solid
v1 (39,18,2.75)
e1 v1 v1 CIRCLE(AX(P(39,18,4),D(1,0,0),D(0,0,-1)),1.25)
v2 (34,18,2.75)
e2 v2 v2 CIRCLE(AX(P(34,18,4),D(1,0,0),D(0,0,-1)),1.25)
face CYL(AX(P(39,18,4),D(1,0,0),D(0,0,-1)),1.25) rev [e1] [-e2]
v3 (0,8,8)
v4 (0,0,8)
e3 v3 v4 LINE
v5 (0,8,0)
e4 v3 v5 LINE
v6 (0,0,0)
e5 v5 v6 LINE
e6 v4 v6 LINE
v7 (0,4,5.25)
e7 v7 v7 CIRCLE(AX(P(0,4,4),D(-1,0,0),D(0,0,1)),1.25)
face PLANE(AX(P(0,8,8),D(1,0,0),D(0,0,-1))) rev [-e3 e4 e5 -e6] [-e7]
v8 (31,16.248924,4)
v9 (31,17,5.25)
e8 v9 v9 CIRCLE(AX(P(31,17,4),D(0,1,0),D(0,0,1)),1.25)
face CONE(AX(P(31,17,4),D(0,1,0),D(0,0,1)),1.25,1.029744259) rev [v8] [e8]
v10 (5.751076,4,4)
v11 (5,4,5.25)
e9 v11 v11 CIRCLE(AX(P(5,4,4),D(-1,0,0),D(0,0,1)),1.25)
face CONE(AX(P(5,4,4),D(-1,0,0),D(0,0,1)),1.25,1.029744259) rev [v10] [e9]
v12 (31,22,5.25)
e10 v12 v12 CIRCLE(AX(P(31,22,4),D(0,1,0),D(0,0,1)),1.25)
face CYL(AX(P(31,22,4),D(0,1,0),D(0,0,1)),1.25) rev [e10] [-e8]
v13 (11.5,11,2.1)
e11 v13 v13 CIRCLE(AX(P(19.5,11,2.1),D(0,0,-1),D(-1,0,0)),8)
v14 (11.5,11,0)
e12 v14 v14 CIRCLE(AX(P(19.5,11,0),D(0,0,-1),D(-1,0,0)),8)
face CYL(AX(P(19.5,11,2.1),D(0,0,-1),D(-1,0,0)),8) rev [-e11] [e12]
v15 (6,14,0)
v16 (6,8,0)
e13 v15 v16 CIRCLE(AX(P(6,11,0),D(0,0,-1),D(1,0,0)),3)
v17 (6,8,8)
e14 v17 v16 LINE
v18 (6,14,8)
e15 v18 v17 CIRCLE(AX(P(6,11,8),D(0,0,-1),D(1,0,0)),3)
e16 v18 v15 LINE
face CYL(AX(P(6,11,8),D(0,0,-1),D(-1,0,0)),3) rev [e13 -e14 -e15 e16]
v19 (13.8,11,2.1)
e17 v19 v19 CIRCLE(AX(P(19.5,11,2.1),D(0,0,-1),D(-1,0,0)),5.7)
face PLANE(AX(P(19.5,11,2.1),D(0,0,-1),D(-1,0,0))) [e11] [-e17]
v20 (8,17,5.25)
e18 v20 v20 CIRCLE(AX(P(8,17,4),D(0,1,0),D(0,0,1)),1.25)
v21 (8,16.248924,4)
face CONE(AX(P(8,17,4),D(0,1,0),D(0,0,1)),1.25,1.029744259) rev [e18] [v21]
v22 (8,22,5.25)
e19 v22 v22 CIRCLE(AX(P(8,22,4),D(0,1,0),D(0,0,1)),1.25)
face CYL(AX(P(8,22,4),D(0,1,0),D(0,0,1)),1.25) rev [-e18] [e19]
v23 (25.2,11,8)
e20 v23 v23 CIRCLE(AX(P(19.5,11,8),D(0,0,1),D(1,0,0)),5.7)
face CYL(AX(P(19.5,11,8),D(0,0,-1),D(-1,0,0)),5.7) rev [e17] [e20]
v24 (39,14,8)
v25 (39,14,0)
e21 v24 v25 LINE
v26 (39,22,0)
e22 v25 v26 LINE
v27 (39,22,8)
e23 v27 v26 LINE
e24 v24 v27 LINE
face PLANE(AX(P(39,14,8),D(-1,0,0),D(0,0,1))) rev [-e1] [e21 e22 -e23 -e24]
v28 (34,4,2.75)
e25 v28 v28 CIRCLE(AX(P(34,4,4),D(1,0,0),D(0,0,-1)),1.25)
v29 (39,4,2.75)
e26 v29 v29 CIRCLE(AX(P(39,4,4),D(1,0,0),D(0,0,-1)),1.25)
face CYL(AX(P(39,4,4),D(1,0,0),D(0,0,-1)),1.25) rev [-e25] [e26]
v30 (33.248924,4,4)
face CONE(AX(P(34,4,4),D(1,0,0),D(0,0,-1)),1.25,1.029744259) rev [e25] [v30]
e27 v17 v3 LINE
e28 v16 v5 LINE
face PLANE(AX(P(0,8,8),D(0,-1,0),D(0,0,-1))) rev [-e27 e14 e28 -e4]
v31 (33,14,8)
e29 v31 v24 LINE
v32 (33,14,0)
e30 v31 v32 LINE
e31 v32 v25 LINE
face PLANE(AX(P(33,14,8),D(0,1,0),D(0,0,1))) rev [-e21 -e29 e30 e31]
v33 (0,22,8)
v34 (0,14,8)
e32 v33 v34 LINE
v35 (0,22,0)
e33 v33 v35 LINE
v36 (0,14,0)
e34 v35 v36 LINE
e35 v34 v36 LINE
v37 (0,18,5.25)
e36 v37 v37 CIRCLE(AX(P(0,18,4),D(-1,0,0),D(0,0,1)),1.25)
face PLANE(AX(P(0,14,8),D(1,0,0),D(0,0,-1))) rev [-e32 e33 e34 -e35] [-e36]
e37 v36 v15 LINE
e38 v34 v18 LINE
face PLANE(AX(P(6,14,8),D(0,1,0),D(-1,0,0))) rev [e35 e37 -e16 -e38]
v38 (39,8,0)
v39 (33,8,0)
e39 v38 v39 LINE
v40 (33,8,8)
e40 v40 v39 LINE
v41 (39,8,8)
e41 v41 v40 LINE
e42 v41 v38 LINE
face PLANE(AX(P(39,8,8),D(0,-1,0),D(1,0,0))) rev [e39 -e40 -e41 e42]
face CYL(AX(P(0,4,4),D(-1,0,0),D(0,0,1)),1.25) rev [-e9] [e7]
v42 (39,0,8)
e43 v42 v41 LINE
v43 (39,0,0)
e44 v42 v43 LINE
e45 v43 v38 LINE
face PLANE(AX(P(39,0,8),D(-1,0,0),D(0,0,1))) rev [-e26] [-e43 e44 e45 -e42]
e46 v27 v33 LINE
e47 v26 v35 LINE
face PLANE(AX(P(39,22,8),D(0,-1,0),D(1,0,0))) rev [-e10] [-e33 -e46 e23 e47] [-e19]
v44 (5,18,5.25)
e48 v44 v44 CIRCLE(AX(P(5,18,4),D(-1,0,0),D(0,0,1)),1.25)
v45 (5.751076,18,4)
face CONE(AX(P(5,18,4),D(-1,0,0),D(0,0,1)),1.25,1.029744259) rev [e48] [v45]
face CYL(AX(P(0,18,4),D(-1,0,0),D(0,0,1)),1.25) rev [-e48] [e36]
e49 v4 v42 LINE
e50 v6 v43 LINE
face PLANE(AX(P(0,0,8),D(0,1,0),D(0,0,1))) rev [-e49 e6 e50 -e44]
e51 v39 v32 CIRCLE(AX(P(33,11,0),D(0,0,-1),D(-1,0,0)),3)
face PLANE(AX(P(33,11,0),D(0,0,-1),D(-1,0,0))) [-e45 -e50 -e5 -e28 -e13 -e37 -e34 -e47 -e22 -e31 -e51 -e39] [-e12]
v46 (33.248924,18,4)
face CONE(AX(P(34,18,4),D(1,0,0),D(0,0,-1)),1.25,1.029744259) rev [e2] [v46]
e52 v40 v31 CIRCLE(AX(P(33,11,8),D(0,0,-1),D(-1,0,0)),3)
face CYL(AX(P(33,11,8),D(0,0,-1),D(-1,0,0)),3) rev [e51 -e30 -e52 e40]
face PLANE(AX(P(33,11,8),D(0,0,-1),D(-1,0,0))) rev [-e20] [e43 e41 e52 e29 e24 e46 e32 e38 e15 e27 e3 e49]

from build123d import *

# Parameters (mm, degrees)
SKETCH1_R                       = 5.7
BOSS_EXTRUDE1_DEPTH             = 8
TAP_DRILL_FOR_M3X0_5_TAP1_D     = 2.5
TAP_DRILL_FOR_M3X0_5_TAP1_DEPTH = 5
TAP_DRILL_FOR_M3X0_5_TAP1_TIP   = 0.751075774
TAP_DRILL_FOR_M3X0_5_TAP2_D     = 2.5
TAP_DRILL_FOR_M3X0_5_TAP2_DEPTH = 5
TAP_DRILL_FOR_M3X0_5_TAP2_TIP   = 0.751075774
TAP_DRILL_FOR_M3X0_5_TAP3_D     = 2.5
TAP_DRILL_FOR_M3X0_5_TAP3_DEPTH = 5
TAP_DRILL_FOR_M3X0_5_TAP3_TIP   = 0.751075774
SKETCH8_R                       = 8
CUT_EXTRUDE1_DEPTH              = 2.1


with BuildPart() as part:
    # Sketch1 → Boss-Extrude1 (new body)
    with BuildSketch(Plane.XY):
        with BuildLine():
            Line((0, 0), (39, 0))
            Line((39, 0), (39, 8))
            Line((39, 8), (33, 8))
            ThreePointArc((33, 8), (30, 11), (33, 14))
            Line((33, 14), (39, 14))
            Line((39, 14), (39, 22))
            Line((39, 22), (0, 22))
            Line((0, 22), (0, 14))
            Line((0, 14), (6, 14))
            ThreePointArc((6, 14), (9, 11), (6, 8))
            Line((6, 8), (0, 8))
            Line((0, 8), (0, 0))
        make_face()
        with Locations((19.5, 11)):
            Circle(SKETCH1_R, mode=Mode.SUBTRACT)
    extrude(amount=BOSS_EXTRUDE1_DEPTH)

    # Tap Drill for M3x0.5 Tap1
    with Locations(Plane(origin=(39, 0, 0), x_dir=(0, 0, -1), z_dir=(1, 0, 0))):
        with Locations((-4, 18), (-4, 4)):
            Hole(TAP_DRILL_FOR_M3X0_5_TAP1_D / 2, depth=TAP_DRILL_FOR_M3X0_5_TAP1_DEPTH)
            with Locations((0, 0, -(TAP_DRILL_FOR_M3X0_5_TAP1_DEPTH + TAP_DRILL_FOR_M3X0_5_TAP1_TIP / 2))):  # 118° drill point
                Cone(0, TAP_DRILL_FOR_M3X0_5_TAP1_D / 2, TAP_DRILL_FOR_M3X0_5_TAP1_TIP, mode=Mode.SUBTRACT)

    # Tap Drill for M3x0.5 Tap2
    with Locations(Plane.ZY):
        with Locations((4, 4), (4, 18)):
            Hole(TAP_DRILL_FOR_M3X0_5_TAP2_D / 2, depth=TAP_DRILL_FOR_M3X0_5_TAP2_DEPTH)
            with Locations((0, 0, -(TAP_DRILL_FOR_M3X0_5_TAP2_DEPTH + TAP_DRILL_FOR_M3X0_5_TAP2_TIP / 2))):  # 118° drill point
                Cone(0, TAP_DRILL_FOR_M3X0_5_TAP2_D / 2, TAP_DRILL_FOR_M3X0_5_TAP2_TIP, mode=Mode.SUBTRACT)

    # Tap Drill for M3x0.5 Tap3
    with Locations(Plane(origin=(0, 22, 0), x_dir=(1, 0, 0), z_dir=(0, 1, 0))):
        with Locations((31, -4), (8, -4)):
            Hole(TAP_DRILL_FOR_M3X0_5_TAP3_D / 2, depth=TAP_DRILL_FOR_M3X0_5_TAP3_DEPTH)
            with Locations((0, 0, -(TAP_DRILL_FOR_M3X0_5_TAP3_DEPTH + TAP_DRILL_FOR_M3X0_5_TAP3_TIP / 2))):  # 118° drill point
                Cone(0, TAP_DRILL_FOR_M3X0_5_TAP3_D / 2, TAP_DRILL_FOR_M3X0_5_TAP3_TIP, mode=Mode.SUBTRACT)

    # Sketch8 → Cut-Extrude1 (cut)
    with BuildSketch(Plane(origin=(0, 0, 0), x_dir=(-1, 0, 0), z_dir=(0, 0, -1))):
        with Locations((-19.5, 11)):
            Circle(SKETCH8_R)
    extrude(amount=-CUT_EXTRUDE1_DEPTH, mode=Mode.SUBTRACT)


solid = part.part
